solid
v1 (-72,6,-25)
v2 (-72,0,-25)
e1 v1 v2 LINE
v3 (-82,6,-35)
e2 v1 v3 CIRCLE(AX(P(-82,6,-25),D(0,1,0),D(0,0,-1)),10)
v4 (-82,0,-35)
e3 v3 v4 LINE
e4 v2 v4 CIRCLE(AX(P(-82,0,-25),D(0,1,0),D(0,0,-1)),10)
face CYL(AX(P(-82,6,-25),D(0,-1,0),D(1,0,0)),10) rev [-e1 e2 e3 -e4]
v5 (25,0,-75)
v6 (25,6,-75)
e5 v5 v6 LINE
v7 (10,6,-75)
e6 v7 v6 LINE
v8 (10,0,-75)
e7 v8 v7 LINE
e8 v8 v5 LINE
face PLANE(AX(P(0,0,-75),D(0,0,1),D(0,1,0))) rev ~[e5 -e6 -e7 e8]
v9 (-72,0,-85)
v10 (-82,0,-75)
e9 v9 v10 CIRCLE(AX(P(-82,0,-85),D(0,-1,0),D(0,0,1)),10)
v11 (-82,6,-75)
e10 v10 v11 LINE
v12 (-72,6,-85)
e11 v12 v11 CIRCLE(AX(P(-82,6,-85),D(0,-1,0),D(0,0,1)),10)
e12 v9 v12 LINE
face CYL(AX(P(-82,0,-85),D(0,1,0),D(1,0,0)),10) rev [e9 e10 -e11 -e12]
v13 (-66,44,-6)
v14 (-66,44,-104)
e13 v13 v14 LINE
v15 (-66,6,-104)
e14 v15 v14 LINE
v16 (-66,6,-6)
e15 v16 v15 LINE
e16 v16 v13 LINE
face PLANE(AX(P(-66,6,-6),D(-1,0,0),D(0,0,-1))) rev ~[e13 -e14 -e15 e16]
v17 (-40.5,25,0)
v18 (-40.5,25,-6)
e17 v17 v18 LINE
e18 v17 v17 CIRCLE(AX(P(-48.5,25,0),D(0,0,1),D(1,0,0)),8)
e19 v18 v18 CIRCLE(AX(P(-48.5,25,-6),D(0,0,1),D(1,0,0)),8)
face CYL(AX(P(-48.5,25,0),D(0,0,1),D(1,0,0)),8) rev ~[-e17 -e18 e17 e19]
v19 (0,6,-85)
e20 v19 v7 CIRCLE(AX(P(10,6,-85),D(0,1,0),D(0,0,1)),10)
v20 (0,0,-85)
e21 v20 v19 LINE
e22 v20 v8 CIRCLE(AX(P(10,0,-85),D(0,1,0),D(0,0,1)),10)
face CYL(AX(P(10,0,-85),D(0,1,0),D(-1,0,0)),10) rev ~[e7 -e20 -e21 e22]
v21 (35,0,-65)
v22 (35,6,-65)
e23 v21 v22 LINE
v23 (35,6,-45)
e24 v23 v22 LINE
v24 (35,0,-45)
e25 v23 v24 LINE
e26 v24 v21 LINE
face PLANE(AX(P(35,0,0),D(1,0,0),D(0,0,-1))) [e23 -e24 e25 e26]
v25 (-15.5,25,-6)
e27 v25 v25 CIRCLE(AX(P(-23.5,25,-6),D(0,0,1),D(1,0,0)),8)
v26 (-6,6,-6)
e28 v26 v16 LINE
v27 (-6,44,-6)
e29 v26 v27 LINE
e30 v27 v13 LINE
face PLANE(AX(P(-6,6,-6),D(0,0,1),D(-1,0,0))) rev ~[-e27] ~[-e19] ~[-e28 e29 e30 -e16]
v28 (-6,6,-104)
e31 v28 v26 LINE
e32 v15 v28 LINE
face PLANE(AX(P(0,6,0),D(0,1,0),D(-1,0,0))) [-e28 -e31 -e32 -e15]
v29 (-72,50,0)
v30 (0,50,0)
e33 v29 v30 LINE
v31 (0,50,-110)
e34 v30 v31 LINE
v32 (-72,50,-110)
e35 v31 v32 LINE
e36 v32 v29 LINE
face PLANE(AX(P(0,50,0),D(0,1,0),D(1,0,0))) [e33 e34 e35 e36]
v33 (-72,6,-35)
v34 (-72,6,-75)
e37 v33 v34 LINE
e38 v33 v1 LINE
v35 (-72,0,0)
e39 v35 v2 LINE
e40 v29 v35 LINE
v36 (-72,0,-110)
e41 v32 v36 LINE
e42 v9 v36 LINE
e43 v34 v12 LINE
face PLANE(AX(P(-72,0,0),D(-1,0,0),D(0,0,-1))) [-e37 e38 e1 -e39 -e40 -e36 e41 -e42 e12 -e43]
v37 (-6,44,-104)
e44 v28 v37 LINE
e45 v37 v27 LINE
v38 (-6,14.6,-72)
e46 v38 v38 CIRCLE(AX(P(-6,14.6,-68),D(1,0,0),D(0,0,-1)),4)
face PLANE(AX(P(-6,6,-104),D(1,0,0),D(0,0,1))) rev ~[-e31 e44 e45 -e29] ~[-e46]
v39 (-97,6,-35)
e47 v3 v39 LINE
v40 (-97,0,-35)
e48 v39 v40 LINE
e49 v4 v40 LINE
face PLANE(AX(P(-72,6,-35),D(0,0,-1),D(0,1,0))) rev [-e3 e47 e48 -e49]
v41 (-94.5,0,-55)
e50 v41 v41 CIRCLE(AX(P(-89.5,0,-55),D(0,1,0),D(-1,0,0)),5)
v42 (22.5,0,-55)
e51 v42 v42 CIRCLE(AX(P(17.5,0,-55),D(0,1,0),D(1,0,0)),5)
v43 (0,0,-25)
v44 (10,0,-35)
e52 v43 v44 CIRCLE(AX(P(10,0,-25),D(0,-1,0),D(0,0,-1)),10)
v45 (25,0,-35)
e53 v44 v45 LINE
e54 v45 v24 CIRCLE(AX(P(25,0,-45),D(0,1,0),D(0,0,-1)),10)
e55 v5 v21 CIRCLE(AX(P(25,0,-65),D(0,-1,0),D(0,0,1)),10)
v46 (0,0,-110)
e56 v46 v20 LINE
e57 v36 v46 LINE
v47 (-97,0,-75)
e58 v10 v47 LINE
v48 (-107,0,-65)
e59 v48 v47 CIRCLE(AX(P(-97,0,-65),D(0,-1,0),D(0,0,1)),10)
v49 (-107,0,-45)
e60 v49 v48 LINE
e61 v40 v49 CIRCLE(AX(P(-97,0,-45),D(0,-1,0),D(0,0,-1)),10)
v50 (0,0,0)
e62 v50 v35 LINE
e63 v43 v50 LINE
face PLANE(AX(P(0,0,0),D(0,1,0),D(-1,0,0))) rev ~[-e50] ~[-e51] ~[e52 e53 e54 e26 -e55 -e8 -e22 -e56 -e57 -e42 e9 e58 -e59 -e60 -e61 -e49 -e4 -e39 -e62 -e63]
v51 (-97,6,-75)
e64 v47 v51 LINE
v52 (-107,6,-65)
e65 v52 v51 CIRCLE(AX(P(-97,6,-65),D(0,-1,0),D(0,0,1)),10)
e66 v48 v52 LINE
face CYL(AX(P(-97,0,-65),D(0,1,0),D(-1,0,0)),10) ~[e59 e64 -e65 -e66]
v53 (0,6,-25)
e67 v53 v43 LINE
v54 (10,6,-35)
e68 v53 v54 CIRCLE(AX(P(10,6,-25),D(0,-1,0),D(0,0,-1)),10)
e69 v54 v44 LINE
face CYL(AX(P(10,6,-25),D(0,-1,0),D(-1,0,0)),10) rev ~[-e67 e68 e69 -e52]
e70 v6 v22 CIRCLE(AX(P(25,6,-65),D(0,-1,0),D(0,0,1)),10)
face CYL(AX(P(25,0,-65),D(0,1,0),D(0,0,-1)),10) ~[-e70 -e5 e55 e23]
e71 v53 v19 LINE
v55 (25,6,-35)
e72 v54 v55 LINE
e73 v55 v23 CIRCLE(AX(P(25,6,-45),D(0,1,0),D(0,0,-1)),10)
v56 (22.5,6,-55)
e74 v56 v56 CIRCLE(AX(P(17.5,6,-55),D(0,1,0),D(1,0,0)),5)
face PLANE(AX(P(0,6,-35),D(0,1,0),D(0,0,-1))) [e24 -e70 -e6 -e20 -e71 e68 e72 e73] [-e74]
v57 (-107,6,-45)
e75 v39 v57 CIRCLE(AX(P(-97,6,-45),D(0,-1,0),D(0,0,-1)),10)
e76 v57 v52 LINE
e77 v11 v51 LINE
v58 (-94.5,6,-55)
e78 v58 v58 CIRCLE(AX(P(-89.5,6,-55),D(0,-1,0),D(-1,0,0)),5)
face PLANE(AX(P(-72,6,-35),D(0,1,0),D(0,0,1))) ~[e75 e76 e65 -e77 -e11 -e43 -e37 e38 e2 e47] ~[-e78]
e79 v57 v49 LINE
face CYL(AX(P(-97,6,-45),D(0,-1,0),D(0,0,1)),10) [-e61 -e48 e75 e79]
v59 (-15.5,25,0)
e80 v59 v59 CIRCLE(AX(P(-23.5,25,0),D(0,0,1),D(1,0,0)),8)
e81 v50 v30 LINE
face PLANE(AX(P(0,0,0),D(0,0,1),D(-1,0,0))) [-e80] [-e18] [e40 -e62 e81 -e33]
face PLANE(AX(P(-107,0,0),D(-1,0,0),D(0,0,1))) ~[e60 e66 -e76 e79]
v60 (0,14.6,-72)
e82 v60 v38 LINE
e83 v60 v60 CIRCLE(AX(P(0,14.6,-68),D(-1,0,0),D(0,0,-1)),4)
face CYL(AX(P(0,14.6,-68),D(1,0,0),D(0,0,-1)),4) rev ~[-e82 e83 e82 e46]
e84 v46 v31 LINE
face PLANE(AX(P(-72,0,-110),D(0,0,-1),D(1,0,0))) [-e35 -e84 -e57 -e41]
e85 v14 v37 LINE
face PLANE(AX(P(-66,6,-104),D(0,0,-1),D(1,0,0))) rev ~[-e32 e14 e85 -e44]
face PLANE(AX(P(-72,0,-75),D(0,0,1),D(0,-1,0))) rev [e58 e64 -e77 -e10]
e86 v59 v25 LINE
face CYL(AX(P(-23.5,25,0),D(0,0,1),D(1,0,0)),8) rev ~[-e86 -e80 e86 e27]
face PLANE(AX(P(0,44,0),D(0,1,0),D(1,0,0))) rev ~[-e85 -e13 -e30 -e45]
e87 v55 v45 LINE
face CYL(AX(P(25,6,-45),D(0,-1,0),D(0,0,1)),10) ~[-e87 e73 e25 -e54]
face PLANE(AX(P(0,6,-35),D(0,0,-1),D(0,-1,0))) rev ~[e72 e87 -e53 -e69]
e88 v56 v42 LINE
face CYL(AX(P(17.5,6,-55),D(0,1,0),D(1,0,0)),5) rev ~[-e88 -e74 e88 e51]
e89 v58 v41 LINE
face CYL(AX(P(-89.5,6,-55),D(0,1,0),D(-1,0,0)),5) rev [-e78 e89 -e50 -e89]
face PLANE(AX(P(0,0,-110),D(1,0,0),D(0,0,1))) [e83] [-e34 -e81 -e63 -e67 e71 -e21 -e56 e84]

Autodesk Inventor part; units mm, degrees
ref_plane "YZ Plane" through (0, 0, 0) normal (1, 0, 0) x (0, 1, 0)
ref_plane "XZ Plane" through (0, 0, 0) normal (0, 1, 0) x (-1, 0, 0)
ref_plane "XY Plane" through (0, 0, 0) normal (0, 0, 1) x (1, 0, 0)
sketch "Esboço1" plane through (0, 0, 0) normal (0, 1, 0) x (-1, 0, 0)
  line L0 (0, 0) -> (72, 0)
  line L1 (72, 0) -> (72, -110)
  line L2 (72, -110) -> (0, -110)
  line L3 (0, -110) -> (0, 0)
  dimension "d0" = 72
  dimension "d1" = 110
extrude "Extrusão1" add sketch "Esboço1" along normal blind 6
sketch "Esboço2" plane through (0, 6, 0) normal (0, 1, 0) x (1, 0, 0)
  line L0 (0, 110) -> (-72, 110) projected
  line L1 (-72, 110) -> (-72, 0) projected
  line L2 (-72, 0) -> (0, 0) projected
  line L3 (0, 0) -> (0, 110) projected
  line L4 (-66, 104) -> (-6, 104)
  line L5 (-6, 104) -> (-6, 6)
  line L6 (-6, 6) -> (-66, 6)
  line L7 (-66, 6) -> (-66, 104)
  dimension "d4" = 6
extrude "Extrusão2" add sketch "Esboço2" along normal blind 44
sketch "Esboço3" plane through (-72, 0, 0) normal (0, 0, 1) x (1, 0, 0)
  circle A0 centre (23.5, 25) radius 8
  circle A1 centre (48.5, 25) radius 8
  line L0 (0, 50) -> (72, 50) projected
  line L1 (0, 0) -> (0, 50) projected
  line L2 (23.5, 25) -> (48.5, 25) construction
  point P0 (72, 0)
  point P1 (0, 25)
  point P2 (36, 25)
  point P3 (36, 50)
  dimension "d8" = 16
  dimension "d9" = 25
extrude "Extrusão3" cut sketch "Esboço3" against normal up to surface (6 mm away)
sketch "Esboço4" plane through (0, 0, 0) normal (1, 0, 0) x (0, 0, -1)
  line L0 (22.03, 11.6) -> (28.37, 11.6) projected
  arc A0 (28.37, 11.6) -> (29.67, 12.9) centre (28.37, 12.9) ccw projected
  line L1 (29.67, 12.9) -> (29.67, 13.46) projected
  arc A1 (29.67, 13.46) -> (28.37, 14.76) centre (28.37, 13.46) ccw projected
  line L2 (22.03, 14.76) -> (28.37, 14.76) projected
  arc A2 (22.03, 14.76) -> (20.73, 13.46) centre (22.03, 13.46) ccw projected
  line L3 (20.73, 12.9) -> (20.73, 13.46) projected
  arc A3 (20.73, 12.9) -> (22.03, 11.6) centre (22.03, 12.9) ccw projected
  arc A4 (28.37, 11.9) -> (29.37, 12.9) centre (28.37, 12.9) ccw projected
  line L4 (28.37, 11.9) -> (22.03, 11.9) projected
  arc A5 (21.03, 12.9) -> (22.03, 11.9) centre (22.03, 12.9) ccw projected
  line L5 (21.03, 13.46) -> (21.03, 12.9) projected
  arc A6 (22.03, 14.46) -> (21.03, 13.46) centre (22.03, 13.46) ccw projected
  line L6 (22.03, 14.46) -> (28.37, 14.46) projected
  arc A7 (29.37, 13.46) -> (28.37, 14.46) centre (28.37, 13.46) ccw projected
  line L7 (29.37, 12.9) -> (29.37, 13.46) projected
  line L8 (37.8445, 11.75) -> (39.84, 11.75) projected
  arc A8 (37.6268, 11.8436) -> (37.8445, 11.75) centre (37.8445, 12.05) ccw projected
  line L9 (36.9823, 12.5234) -> (37.6268, 11.8436) projected
  arc A9 (36.9, 12.7298) -> (36.9823, 12.5234) centre (37.2, 12.7298) ccw projected
  line L10 (36.9, 14.05) -> (36.9, 12.7298) projected
  arc A10 (37.2, 14.35) -> (36.9, 14.05) centre (37.2, 14.05) ccw projected
  line L11 (42.8, 14.35) -> (37.2, 14.35) projected
  arc A11 (43.1, 14.05) -> (42.8, 14.35) centre (42.8, 14.05) ccw projected
  line L12 (43.1, 12.7298) -> (43.1, 14.05) projected
  arc A12 (43.0177, 12.5234) -> (43.1, 12.7298) centre (42.8, 12.7298) ccw projected
  line L13 (42.3732, 11.8436) -> (43.0177, 12.5234) projected
  arc A13 (42.1555, 11.75) -> (42.3732, 11.8436) centre (42.1555, 12.05) ccw projected
  line L14 (40.16, 11.75) -> (42.1555, 11.75) projected
  line L15 (40.16, 11.6) -> (40.16, 11.75) projected
  line L16 (42.1555, 11.6) -> (40.16, 11.6) projected
  arc A14 (42.1555, 11.6) -> (42.4821, 11.7404) centre (42.1555, 12.05) ccw projected
  line L17 (43.1266, 12.4202) -> (42.4821, 11.7404) projected
  arc A15 (43.1266, 12.4202) -> (43.25, 12.7298) centre (42.8, 12.7298) ccw projected
  line L18 (43.25, 14.05) -> (43.25, 12.7298) projected
  arc A16 (43.25, 14.05) -> (42.8, 14.5) centre (42.8, 14.05) ccw projected
  line L19 (37.2, 14.5) -> (42.8, 14.5) projected
  arc A17 (37.2, 14.5) -> (36.75, 14.05) centre (37.2, 14.05) ccw projected
  line L20 (36.75, 12.7298) -> (36.75, 14.05) projected
  arc A18 (36.75, 12.7298) -> (36.8734, 12.4202) centre (37.2, 12.7298) ccw projected
  line L21 (37.5179, 11.7404) -> (36.8734, 12.4202) projected
  arc A19 (37.5179, 11.7404) -> (37.8445, 11.6) centre (37.8445, 12.05) ccw projected
  line L22 (39.84, 11.6) -> (37.8445, 11.6) projected
  line L23 (39.84, 11.75) -> (39.84, 11.6) projected
  line L24 (51.3445, 11.75) -> (53.34, 11.75) projected
  arc A20 (51.1268, 11.8436) -> (51.3445, 11.75) centre (51.3445, 12.05) ccw projected
  line L25 (50.4823, 12.5234) -> (51.1268, 11.8436) projected
  arc A21 (50.4, 12.7298) -> (50.4823, 12.5234) centre (50.7, 12.7298) ccw projected
  line L26 (50.4, 14.05) -> (50.4, 12.7298) projected
  arc A22 (50.7, 14.35) -> (50.4, 14.05) centre (50.7, 14.05) ccw projected
  line L27 (56.3, 14.35) -> (50.7, 14.35) projected
  arc A23 (56.6, 14.05) -> (56.3, 14.35) centre (56.3, 14.05) ccw projected
  line L28 (56.6, 12.7298) -> (56.6, 14.05) projected
  arc A24 (56.5177, 12.5234) -> (56.6, 12.7298) centre (56.3, 12.7298) ccw projected
  line L29 (55.8732, 11.8436) -> (56.5177, 12.5234) projected
  arc A25 (55.6555, 11.75) -> (55.8732, 11.8436) centre (55.6555, 12.05) ccw projected
  line L30 (53.66, 11.75) -> (55.6555, 11.75) projected
  line L31 (53.66, 11.6) -> (53.66, 11.75) projected
  line L32 (55.6555, 11.6) -> (53.66, 11.6) projected
  arc A26 (55.6555, 11.6) -> (55.9821, 11.7404) centre (55.6555, 12.05) ccw projected
  line L33 (56.6266, 12.4202) -> (55.9821, 11.7404) projected
  arc A27 (56.6266, 12.4202) -> (56.75, 12.7298) centre (56.3, 12.7298) ccw projected
  line L34 (56.75, 14.05) -> (56.75, 12.7298) projected
  arc A28 (56.75, 14.05) -> (56.3, 14.5) centre (56.3, 14.05) ccw projected
  line L35 (50.7, 14.5) -> (56.3, 14.5) projected
  arc A29 (50.7, 14.5) -> (50.25, 14.05) centre (50.7, 14.05) ccw projected
  line L36 (50.25, 12.7298) -> (50.25, 14.05) projected
  arc A30 (50.25, 12.7298) -> (50.3734, 12.4202) centre (50.7, 12.7298) ccw projected
  line L37 (51.0179, 11.7404) -> (50.3734, 12.4202) projected
  arc A31 (51.0179, 11.7404) -> (51.3445, 11.6) centre (51.3445, 12.05) ccw projected
  line L38 (53.34, 11.6) -> (51.3445, 11.6) projected
  line L39 (53.34, 11.75) -> (53.34, 11.6) projected
  line L40 (64.5, 17.6) -> (64.5, 11.6) projected
  line L41 (68, 11.6) -> (64.5, 11.6) projected
  arc A32 (68, 17.6) -> (68, 11.6) centre (68, 14.6) ccw projected
  line L42 (68, 17.6) -> (64.5, 17.6) projected
  line L43 (71.5, 17.6) -> (68, 17.6) projected
  arc A33 (68, 11.6) -> (68, 17.6) centre (68, 14.6) ccw projected
  line L44 (71.5, 11.6) -> (68, 11.6) projected
  line L45 (71.5, 11.6) -> (71.5, 17.6) projected
  circle A34 centre (68, 14.6) radius 4
  point P0 (0, 0)
  dimension "d12" = 1
extrude "Extrusão4" cut sketch "Esboço4" against normal up to next contours A34 L42 A32 L41 L40 | L40 A34 | A34 L43 L42 | A33 A32 | L43 A34 L45 L44 A33 | L41 L44 A34 | A34 L45
sketch "Esboço6" plane through (0, 50, 0) normal (0, 1, 0) x (1, 0, 0)
  line L0 (-72, 110) -> (-72, 0) projected
  line L1 (-72, 0) -> (0, 0) projected
  line L2 (0, 0) -> (0, 110) projected
  line L3 (0, 110) -> (-72, 110) projected
  line L4 (-66, 104) -> (-6, 104) projected
  line L5 (-6, 104) -> (-6, 6) projected
  line L6 (-6, 6) -> (-66, 6) projected
  line L7 (-66, 6) -> (-66, 104) projected
extrude "Extrusão5" add sketch "Esboço6" against normal blind 6 contours L4 L5 L6 L7
sketch "Esboço7" plane through (0, 0, 0) normal (1, 0, 0) x (0, 0, -1)
  line L0 (0, 0) -> (110, 0) projected
  line L1 (6, 6) -> (104, 6) projected
  line L2 (35, 0) -> (75, 0)
  line L3 (75, 0) -> (75, 6)
  line L4 (75, 6) -> (35, 6)
  line L5 (35, 6) -> (35, 0)
  point P0 (55, 6)
  point P1 (35, 6)
  point P2 (75, 0)
  dimension "d17" = 40
extrude "Extrusão6" add sketch "Esboço7" along normal blind 35
fillet "Arredondamento1" radius 10 4 edges at (0, 3, -35) (0, 3, -75) (35, 3, -75) (35, 3, -35)
ref_plane "Plano de trabalho1" through (-36, 0, -110) normal (1, 0, 0) x (0, 0, -1)
sketch "Esboço8" plane through (0, 6, -25) normal (0, 1, 0) x (1, 0, 0)
  circle A0 centre (17.5, 30) radius 5
  arc A1 (25, 10) -> (35, 20) centre (25, 20) ccw projected
  line L0 (35, 40) -> (35, 20) projected
  arc A2 (35, 40) -> (25, 50) centre (25, 40) ccw projected
  line L1 (10, 50) -> (25, 50) projected
  arc A3 (0, 60) -> (10, 50) centre (10, 60) ccw projected
  line L2 (0, 0) -> (0, 60) projected
  arc A4 (10, 10) -> (0, 0) centre (10, 0) ccw projected
  line L3 (10, 10) -> (25, 10) projected
  point P0 (0, -25)
  point P1 (35, 30)
  point P2 (17.5, 50)
  dimension "d21" = 10
extrude "Extrusão7" cut sketch "Esboço8" against normal blind 35 contours A0
mirror "Espelhar2" about plane through (-36, 0, -110) normal (1, 0, 0) of "Extrusão6", "Extrusão7"
fillet "Arredondamento2" radius 10 4 edges at (-72, 3, -35) (-107, 3, -35) (-107, 3, -75) (-72, 3, -75)
properties part number "Prototipo"
